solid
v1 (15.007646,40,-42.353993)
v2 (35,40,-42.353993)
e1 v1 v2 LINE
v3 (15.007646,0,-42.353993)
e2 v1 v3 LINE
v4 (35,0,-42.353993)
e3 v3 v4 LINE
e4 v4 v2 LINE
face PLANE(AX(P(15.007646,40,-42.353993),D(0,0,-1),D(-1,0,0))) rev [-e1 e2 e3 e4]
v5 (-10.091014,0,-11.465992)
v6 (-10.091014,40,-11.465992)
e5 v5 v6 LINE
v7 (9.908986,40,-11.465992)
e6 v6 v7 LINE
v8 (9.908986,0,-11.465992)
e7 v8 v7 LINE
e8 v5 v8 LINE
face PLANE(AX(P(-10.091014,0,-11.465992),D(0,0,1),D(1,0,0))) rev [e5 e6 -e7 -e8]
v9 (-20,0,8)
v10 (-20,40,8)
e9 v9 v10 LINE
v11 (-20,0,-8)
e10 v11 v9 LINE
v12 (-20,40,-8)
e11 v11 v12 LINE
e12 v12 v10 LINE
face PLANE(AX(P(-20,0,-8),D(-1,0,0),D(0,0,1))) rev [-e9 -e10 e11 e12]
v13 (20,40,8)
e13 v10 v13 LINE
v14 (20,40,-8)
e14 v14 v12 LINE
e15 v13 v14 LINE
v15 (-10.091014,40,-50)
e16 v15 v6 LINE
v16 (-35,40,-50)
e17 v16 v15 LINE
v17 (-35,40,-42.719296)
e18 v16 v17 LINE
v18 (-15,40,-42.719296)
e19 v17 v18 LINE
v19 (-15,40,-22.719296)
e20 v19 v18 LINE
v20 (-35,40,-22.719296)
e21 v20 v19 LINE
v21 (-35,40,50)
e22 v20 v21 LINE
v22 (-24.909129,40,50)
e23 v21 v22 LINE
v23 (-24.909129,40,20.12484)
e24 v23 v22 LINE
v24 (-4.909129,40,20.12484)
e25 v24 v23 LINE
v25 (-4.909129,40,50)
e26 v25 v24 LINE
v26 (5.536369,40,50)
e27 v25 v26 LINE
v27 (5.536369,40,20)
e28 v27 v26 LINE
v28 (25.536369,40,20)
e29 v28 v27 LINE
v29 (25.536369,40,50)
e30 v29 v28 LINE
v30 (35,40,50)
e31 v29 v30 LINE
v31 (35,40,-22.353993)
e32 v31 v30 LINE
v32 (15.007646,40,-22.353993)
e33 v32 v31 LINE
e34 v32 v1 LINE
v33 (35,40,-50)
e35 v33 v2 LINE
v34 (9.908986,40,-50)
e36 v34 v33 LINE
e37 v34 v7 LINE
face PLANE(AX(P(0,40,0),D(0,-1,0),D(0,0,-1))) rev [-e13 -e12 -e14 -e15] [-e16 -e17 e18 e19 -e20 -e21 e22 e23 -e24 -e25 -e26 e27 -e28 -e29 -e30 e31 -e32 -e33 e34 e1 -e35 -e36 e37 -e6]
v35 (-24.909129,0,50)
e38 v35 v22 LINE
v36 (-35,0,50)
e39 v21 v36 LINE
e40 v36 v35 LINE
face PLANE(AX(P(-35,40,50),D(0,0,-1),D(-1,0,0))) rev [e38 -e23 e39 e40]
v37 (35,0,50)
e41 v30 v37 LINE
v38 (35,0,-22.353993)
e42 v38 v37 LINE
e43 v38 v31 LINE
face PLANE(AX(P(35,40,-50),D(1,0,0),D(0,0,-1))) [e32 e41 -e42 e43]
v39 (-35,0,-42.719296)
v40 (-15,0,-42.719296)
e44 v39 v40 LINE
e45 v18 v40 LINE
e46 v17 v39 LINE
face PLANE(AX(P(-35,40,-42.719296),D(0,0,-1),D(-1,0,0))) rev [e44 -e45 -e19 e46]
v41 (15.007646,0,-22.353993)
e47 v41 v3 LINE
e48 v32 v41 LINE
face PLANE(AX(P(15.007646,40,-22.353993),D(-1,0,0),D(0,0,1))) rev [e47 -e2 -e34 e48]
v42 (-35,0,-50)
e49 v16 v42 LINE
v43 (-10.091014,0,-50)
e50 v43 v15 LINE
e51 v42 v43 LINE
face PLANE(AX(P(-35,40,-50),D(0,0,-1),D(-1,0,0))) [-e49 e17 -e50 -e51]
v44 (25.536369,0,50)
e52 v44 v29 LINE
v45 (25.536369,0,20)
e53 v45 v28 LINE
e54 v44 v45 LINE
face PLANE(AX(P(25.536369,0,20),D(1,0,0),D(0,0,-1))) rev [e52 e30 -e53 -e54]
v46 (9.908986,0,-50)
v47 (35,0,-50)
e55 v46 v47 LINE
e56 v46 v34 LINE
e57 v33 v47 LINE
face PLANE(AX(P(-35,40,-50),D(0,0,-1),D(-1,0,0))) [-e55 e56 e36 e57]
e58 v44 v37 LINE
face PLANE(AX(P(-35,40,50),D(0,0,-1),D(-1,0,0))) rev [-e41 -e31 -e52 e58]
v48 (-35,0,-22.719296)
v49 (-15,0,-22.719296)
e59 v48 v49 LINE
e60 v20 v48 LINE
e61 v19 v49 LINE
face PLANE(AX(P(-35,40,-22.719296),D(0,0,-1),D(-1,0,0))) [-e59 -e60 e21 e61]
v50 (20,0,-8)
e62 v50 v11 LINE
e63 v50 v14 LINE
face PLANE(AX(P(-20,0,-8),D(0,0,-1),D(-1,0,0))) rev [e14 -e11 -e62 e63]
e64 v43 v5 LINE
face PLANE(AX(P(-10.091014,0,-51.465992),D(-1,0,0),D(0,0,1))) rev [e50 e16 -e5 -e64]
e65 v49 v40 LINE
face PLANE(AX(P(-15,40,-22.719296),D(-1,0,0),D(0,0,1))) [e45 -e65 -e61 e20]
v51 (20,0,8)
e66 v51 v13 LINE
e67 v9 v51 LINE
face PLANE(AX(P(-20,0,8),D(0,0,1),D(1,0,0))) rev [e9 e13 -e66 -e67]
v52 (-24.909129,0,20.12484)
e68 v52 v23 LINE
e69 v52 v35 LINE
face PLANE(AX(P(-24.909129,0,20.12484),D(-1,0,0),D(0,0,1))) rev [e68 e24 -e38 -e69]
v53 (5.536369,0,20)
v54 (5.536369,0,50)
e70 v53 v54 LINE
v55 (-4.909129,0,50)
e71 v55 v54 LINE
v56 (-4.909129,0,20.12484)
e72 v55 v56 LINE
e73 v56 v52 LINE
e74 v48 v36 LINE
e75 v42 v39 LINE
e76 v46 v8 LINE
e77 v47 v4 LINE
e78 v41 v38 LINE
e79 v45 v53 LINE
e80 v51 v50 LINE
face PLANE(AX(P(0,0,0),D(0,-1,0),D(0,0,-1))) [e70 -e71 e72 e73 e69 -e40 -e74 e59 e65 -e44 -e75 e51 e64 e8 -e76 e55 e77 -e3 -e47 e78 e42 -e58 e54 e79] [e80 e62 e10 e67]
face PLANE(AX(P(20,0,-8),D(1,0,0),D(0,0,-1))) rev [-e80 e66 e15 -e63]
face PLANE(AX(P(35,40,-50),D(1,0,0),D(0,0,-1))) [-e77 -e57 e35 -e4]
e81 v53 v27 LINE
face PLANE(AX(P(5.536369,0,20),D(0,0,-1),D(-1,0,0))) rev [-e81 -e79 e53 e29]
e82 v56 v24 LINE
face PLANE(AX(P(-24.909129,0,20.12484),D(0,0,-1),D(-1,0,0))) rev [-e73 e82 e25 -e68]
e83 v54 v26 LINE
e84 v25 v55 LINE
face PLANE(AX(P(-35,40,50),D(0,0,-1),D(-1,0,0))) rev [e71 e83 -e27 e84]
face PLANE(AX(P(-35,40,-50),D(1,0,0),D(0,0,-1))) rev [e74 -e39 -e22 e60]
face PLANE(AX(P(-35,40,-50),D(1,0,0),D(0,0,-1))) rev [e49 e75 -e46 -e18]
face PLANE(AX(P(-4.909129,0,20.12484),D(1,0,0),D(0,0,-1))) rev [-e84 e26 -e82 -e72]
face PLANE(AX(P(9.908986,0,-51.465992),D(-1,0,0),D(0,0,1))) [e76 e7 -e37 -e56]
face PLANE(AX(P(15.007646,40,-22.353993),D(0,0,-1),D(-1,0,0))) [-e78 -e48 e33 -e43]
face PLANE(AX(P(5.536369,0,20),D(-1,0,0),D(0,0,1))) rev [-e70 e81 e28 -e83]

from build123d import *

# Parameters (mm, degrees)
SKETCH_1_W          = 70
SKETCH_1_H          = 100
EXTRUDE_1_DEPTH     = 40
SKETCH_3_W          = 20
SKETCH_3_H          = 20
CUT_EXTRUDE_1_DEPTH = 40
SKETCH_5_W          = 20
SKETCH_5_H          = 30
SKETCH_5_H_2        = 29.917444877
CUT_EXTRUDE_4_DEPTH = 40
SKETCH_13_W         = 40
SKETCH_13_H         = 16
CUT_EXTRUDE_5_DEPTH = 40
SKETCH_15_W         = 20
SKETCH_15_H         = 40
CUT_EXTRUDE_6_DEPTH = 40


with BuildPart() as part:
    # 草图1 → 凸台-拉伸1 (new body)
    with BuildSketch(Plane(origin=(0, 0, 0), x_dir=(1, 0, 0), z_dir=(0, 1, 0))):
        Rectangle(SKETCH_1_W, SKETCH_1_H)
    extrude(amount=EXTRUDE_1_DEPTH)

    # 草图3 → 切除-拉伸1 (cut)
    with BuildSketch(Plane.XZ):
        with Locations((-25, -32.719295767)):
            Rectangle(SKETCH_3_W, SKETCH_3_H)
        with Locations((25.007645878, -32.353993134)):
            Rectangle(SKETCH_3_W, SKETCH_3_H)
    extrude(amount=-CUT_EXTRUDE_1_DEPTH, mode=Mode.SUBTRACT)

    # 草图5 → 切除-拉伸4 (cut)
    with BuildSketch(Plane(origin=(0, 40, 0), x_dir=(1, 0, 0), z_dir=(0, 1, 0))):
        with Locations((15.536368654, -35)):
            Rectangle(SKETCH_5_W, SKETCH_5_H)
        with Locations((-14.909129338, -35.083562285)):
            Rectangle(SKETCH_5_W, SKETCH_5_H_2)
    extrude(amount=-CUT_EXTRUDE_4_DEPTH, mode=Mode.SUBTRACT)

    # 草图13 → 切除-拉伸5 (cut)
    with BuildSketch(Plane(origin=(0, 40, 0), x_dir=(1, 0, 0), z_dir=(0, 1, 0))):
        Rectangle(SKETCH_13_W, SKETCH_13_H)
    extrude(amount=-CUT_EXTRUDE_5_DEPTH, mode=Mode.SUBTRACT)

    # 草图15 → 切除-拉伸6 (cut)
    with BuildSketch(Plane(origin=(0, 40, 0), x_dir=(1, 0, 0), z_dir=(0, 1, 0))):
        with Locations((-0.091013634, 31.465991837)):
            Rectangle(SKETCH_15_W, SKETCH_15_H)
    extrude(amount=-CUT_EXTRUDE_6_DEPTH, mode=Mode.SUBTRACT)


solid = part.part
